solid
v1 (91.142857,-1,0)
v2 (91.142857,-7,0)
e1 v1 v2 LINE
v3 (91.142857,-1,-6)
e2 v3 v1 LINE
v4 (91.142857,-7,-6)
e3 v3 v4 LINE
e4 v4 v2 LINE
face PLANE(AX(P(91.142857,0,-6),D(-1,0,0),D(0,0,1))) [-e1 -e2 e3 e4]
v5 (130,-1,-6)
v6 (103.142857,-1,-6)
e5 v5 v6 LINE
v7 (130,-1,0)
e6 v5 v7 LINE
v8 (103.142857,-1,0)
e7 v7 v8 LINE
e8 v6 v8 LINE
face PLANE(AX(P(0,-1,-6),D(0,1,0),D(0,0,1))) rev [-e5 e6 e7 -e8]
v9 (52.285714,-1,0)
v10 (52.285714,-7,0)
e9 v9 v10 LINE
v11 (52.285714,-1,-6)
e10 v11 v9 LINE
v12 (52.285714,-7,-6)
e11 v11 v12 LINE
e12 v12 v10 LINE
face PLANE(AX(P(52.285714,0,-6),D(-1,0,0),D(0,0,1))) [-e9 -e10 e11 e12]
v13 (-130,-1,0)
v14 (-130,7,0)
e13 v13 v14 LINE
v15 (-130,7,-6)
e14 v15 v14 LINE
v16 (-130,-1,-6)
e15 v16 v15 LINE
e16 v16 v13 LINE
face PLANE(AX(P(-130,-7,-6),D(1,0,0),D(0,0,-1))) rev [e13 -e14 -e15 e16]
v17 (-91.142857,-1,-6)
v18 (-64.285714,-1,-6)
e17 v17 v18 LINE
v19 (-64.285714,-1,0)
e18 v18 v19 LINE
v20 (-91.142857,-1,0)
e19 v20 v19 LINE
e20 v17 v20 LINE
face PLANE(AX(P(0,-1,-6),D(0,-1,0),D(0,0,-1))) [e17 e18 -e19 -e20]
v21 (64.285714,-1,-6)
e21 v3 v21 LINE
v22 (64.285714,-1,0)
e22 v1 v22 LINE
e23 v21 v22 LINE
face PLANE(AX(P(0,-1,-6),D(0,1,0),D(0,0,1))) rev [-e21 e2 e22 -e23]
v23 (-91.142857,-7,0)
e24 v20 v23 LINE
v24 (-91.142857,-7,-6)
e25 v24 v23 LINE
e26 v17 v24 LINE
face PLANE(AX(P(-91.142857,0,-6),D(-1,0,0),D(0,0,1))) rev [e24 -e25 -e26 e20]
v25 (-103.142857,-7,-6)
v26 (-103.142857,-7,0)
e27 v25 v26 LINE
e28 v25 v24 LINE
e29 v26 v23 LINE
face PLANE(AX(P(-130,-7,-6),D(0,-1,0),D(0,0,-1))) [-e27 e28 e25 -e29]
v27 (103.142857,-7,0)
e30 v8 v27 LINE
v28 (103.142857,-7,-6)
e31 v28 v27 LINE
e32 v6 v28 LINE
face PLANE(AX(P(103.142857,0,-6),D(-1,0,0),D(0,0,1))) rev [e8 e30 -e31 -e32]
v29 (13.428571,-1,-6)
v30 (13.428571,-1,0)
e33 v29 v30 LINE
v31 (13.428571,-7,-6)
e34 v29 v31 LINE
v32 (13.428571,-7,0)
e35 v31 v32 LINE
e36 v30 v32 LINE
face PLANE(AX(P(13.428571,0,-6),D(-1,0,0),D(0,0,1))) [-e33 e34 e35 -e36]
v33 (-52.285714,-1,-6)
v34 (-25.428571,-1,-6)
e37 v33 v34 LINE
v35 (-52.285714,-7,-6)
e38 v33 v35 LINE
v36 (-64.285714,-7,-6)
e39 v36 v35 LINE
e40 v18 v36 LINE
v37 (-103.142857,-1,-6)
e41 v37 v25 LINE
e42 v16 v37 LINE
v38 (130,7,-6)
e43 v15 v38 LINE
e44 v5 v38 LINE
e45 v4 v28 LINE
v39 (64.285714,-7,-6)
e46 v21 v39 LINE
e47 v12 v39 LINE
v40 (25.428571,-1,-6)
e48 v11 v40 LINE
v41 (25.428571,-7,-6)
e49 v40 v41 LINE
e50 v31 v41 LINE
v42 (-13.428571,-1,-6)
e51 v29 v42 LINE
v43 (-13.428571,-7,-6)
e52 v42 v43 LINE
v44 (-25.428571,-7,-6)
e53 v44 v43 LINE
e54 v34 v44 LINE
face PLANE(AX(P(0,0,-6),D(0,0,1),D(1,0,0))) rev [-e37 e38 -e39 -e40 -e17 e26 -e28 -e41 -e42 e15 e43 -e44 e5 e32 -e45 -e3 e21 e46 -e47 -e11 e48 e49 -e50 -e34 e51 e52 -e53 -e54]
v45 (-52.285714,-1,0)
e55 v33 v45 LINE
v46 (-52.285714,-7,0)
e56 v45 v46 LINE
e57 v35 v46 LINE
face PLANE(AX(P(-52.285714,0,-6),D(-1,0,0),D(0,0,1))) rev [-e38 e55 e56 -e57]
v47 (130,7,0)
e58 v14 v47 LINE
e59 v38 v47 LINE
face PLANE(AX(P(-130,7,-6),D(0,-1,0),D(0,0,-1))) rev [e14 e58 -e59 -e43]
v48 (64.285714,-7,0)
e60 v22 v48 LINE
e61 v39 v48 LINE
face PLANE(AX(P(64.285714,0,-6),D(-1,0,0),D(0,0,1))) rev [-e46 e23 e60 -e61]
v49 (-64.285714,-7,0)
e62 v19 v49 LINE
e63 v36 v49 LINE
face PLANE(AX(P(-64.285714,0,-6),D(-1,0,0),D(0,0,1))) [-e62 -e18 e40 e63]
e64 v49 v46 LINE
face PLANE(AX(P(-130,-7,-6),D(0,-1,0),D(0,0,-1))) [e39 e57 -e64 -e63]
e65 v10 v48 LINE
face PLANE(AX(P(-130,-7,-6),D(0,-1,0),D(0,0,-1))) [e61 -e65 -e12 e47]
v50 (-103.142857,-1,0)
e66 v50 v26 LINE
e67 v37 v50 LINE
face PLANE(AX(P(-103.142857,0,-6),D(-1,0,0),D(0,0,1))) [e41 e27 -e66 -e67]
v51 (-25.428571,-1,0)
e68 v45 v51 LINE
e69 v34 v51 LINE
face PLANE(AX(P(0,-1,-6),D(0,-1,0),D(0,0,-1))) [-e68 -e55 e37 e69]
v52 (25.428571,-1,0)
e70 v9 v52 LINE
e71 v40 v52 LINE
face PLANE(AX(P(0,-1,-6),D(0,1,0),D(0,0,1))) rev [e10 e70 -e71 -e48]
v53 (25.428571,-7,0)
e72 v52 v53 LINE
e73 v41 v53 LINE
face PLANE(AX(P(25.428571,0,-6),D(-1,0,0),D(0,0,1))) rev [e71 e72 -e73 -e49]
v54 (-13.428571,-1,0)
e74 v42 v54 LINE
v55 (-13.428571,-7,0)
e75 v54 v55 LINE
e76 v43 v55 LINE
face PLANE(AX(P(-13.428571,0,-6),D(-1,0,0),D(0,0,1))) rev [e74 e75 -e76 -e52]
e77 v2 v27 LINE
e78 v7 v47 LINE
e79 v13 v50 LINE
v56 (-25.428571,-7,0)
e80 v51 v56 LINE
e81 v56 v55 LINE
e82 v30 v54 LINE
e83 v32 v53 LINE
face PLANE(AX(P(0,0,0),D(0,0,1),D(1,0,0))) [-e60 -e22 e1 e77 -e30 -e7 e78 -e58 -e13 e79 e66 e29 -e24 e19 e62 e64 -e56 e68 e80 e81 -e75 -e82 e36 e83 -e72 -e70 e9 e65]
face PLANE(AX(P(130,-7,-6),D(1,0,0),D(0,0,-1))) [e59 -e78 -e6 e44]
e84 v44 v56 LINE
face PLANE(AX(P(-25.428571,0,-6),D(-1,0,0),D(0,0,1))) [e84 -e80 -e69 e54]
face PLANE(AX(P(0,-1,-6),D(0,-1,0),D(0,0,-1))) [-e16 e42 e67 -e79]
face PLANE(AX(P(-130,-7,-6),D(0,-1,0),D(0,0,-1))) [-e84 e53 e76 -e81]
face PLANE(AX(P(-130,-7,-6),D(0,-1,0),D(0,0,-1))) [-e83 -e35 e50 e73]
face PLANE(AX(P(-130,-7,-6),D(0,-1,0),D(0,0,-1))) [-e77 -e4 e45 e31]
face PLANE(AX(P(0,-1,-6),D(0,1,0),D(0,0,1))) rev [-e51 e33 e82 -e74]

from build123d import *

# Parameters (mm, degrees)
SKETCH1_W           = 260
SKETCH1_H           = 14
BOSS_EXTRUDE1_DEPTH = 6
SKETCH3_W           = 26.857142857
SKETCH3_H           = 6
SKETCH3_W_2         = 13.428571429
CUT_EXTRUDE1_DEPTH  = 7


with BuildPart() as part:
    # Sketch1 → Boss-Extrude1 (new body)
    with BuildSketch(Plane.XY):
        Rectangle(SKETCH1_W, SKETCH1_H)
    extrude(amount=-BOSS_EXTRUDE1_DEPTH)

    # Sketch3 → Cut-Extrude1 (cut, through all)
    with BuildSketch(Plane.XY):
        with Locations((-116.571428572, -4)):
            Rectangle(SKETCH3_W, SKETCH3_H)
        with Locations((-77.714285714, -4)):
            Rectangle(SKETCH3_W, SKETCH3_H)
        with Locations((-38.857142858, -4)):
            Rectangle(SKETCH3_W, SKETCH3_H)
        with Locations((-6.714285715, -4)):
            Rectangle(SKETCH3_W_2, SKETCH3_H)
    cut_extrude1 = extrude(amount=-CUT_EXTRUDE1_DEPTH, mode=Mode.SUBTRACT)

    # Mirror1: Cut-Extrude1 across plane
    add(cut_extrude1.mirror(Plane(origin=(0, 0, 0), x_dir=(0, 0, 1), z_dir=(1, 0, 0))), mode=Mode.SUBTRACT)


solid = part.part
